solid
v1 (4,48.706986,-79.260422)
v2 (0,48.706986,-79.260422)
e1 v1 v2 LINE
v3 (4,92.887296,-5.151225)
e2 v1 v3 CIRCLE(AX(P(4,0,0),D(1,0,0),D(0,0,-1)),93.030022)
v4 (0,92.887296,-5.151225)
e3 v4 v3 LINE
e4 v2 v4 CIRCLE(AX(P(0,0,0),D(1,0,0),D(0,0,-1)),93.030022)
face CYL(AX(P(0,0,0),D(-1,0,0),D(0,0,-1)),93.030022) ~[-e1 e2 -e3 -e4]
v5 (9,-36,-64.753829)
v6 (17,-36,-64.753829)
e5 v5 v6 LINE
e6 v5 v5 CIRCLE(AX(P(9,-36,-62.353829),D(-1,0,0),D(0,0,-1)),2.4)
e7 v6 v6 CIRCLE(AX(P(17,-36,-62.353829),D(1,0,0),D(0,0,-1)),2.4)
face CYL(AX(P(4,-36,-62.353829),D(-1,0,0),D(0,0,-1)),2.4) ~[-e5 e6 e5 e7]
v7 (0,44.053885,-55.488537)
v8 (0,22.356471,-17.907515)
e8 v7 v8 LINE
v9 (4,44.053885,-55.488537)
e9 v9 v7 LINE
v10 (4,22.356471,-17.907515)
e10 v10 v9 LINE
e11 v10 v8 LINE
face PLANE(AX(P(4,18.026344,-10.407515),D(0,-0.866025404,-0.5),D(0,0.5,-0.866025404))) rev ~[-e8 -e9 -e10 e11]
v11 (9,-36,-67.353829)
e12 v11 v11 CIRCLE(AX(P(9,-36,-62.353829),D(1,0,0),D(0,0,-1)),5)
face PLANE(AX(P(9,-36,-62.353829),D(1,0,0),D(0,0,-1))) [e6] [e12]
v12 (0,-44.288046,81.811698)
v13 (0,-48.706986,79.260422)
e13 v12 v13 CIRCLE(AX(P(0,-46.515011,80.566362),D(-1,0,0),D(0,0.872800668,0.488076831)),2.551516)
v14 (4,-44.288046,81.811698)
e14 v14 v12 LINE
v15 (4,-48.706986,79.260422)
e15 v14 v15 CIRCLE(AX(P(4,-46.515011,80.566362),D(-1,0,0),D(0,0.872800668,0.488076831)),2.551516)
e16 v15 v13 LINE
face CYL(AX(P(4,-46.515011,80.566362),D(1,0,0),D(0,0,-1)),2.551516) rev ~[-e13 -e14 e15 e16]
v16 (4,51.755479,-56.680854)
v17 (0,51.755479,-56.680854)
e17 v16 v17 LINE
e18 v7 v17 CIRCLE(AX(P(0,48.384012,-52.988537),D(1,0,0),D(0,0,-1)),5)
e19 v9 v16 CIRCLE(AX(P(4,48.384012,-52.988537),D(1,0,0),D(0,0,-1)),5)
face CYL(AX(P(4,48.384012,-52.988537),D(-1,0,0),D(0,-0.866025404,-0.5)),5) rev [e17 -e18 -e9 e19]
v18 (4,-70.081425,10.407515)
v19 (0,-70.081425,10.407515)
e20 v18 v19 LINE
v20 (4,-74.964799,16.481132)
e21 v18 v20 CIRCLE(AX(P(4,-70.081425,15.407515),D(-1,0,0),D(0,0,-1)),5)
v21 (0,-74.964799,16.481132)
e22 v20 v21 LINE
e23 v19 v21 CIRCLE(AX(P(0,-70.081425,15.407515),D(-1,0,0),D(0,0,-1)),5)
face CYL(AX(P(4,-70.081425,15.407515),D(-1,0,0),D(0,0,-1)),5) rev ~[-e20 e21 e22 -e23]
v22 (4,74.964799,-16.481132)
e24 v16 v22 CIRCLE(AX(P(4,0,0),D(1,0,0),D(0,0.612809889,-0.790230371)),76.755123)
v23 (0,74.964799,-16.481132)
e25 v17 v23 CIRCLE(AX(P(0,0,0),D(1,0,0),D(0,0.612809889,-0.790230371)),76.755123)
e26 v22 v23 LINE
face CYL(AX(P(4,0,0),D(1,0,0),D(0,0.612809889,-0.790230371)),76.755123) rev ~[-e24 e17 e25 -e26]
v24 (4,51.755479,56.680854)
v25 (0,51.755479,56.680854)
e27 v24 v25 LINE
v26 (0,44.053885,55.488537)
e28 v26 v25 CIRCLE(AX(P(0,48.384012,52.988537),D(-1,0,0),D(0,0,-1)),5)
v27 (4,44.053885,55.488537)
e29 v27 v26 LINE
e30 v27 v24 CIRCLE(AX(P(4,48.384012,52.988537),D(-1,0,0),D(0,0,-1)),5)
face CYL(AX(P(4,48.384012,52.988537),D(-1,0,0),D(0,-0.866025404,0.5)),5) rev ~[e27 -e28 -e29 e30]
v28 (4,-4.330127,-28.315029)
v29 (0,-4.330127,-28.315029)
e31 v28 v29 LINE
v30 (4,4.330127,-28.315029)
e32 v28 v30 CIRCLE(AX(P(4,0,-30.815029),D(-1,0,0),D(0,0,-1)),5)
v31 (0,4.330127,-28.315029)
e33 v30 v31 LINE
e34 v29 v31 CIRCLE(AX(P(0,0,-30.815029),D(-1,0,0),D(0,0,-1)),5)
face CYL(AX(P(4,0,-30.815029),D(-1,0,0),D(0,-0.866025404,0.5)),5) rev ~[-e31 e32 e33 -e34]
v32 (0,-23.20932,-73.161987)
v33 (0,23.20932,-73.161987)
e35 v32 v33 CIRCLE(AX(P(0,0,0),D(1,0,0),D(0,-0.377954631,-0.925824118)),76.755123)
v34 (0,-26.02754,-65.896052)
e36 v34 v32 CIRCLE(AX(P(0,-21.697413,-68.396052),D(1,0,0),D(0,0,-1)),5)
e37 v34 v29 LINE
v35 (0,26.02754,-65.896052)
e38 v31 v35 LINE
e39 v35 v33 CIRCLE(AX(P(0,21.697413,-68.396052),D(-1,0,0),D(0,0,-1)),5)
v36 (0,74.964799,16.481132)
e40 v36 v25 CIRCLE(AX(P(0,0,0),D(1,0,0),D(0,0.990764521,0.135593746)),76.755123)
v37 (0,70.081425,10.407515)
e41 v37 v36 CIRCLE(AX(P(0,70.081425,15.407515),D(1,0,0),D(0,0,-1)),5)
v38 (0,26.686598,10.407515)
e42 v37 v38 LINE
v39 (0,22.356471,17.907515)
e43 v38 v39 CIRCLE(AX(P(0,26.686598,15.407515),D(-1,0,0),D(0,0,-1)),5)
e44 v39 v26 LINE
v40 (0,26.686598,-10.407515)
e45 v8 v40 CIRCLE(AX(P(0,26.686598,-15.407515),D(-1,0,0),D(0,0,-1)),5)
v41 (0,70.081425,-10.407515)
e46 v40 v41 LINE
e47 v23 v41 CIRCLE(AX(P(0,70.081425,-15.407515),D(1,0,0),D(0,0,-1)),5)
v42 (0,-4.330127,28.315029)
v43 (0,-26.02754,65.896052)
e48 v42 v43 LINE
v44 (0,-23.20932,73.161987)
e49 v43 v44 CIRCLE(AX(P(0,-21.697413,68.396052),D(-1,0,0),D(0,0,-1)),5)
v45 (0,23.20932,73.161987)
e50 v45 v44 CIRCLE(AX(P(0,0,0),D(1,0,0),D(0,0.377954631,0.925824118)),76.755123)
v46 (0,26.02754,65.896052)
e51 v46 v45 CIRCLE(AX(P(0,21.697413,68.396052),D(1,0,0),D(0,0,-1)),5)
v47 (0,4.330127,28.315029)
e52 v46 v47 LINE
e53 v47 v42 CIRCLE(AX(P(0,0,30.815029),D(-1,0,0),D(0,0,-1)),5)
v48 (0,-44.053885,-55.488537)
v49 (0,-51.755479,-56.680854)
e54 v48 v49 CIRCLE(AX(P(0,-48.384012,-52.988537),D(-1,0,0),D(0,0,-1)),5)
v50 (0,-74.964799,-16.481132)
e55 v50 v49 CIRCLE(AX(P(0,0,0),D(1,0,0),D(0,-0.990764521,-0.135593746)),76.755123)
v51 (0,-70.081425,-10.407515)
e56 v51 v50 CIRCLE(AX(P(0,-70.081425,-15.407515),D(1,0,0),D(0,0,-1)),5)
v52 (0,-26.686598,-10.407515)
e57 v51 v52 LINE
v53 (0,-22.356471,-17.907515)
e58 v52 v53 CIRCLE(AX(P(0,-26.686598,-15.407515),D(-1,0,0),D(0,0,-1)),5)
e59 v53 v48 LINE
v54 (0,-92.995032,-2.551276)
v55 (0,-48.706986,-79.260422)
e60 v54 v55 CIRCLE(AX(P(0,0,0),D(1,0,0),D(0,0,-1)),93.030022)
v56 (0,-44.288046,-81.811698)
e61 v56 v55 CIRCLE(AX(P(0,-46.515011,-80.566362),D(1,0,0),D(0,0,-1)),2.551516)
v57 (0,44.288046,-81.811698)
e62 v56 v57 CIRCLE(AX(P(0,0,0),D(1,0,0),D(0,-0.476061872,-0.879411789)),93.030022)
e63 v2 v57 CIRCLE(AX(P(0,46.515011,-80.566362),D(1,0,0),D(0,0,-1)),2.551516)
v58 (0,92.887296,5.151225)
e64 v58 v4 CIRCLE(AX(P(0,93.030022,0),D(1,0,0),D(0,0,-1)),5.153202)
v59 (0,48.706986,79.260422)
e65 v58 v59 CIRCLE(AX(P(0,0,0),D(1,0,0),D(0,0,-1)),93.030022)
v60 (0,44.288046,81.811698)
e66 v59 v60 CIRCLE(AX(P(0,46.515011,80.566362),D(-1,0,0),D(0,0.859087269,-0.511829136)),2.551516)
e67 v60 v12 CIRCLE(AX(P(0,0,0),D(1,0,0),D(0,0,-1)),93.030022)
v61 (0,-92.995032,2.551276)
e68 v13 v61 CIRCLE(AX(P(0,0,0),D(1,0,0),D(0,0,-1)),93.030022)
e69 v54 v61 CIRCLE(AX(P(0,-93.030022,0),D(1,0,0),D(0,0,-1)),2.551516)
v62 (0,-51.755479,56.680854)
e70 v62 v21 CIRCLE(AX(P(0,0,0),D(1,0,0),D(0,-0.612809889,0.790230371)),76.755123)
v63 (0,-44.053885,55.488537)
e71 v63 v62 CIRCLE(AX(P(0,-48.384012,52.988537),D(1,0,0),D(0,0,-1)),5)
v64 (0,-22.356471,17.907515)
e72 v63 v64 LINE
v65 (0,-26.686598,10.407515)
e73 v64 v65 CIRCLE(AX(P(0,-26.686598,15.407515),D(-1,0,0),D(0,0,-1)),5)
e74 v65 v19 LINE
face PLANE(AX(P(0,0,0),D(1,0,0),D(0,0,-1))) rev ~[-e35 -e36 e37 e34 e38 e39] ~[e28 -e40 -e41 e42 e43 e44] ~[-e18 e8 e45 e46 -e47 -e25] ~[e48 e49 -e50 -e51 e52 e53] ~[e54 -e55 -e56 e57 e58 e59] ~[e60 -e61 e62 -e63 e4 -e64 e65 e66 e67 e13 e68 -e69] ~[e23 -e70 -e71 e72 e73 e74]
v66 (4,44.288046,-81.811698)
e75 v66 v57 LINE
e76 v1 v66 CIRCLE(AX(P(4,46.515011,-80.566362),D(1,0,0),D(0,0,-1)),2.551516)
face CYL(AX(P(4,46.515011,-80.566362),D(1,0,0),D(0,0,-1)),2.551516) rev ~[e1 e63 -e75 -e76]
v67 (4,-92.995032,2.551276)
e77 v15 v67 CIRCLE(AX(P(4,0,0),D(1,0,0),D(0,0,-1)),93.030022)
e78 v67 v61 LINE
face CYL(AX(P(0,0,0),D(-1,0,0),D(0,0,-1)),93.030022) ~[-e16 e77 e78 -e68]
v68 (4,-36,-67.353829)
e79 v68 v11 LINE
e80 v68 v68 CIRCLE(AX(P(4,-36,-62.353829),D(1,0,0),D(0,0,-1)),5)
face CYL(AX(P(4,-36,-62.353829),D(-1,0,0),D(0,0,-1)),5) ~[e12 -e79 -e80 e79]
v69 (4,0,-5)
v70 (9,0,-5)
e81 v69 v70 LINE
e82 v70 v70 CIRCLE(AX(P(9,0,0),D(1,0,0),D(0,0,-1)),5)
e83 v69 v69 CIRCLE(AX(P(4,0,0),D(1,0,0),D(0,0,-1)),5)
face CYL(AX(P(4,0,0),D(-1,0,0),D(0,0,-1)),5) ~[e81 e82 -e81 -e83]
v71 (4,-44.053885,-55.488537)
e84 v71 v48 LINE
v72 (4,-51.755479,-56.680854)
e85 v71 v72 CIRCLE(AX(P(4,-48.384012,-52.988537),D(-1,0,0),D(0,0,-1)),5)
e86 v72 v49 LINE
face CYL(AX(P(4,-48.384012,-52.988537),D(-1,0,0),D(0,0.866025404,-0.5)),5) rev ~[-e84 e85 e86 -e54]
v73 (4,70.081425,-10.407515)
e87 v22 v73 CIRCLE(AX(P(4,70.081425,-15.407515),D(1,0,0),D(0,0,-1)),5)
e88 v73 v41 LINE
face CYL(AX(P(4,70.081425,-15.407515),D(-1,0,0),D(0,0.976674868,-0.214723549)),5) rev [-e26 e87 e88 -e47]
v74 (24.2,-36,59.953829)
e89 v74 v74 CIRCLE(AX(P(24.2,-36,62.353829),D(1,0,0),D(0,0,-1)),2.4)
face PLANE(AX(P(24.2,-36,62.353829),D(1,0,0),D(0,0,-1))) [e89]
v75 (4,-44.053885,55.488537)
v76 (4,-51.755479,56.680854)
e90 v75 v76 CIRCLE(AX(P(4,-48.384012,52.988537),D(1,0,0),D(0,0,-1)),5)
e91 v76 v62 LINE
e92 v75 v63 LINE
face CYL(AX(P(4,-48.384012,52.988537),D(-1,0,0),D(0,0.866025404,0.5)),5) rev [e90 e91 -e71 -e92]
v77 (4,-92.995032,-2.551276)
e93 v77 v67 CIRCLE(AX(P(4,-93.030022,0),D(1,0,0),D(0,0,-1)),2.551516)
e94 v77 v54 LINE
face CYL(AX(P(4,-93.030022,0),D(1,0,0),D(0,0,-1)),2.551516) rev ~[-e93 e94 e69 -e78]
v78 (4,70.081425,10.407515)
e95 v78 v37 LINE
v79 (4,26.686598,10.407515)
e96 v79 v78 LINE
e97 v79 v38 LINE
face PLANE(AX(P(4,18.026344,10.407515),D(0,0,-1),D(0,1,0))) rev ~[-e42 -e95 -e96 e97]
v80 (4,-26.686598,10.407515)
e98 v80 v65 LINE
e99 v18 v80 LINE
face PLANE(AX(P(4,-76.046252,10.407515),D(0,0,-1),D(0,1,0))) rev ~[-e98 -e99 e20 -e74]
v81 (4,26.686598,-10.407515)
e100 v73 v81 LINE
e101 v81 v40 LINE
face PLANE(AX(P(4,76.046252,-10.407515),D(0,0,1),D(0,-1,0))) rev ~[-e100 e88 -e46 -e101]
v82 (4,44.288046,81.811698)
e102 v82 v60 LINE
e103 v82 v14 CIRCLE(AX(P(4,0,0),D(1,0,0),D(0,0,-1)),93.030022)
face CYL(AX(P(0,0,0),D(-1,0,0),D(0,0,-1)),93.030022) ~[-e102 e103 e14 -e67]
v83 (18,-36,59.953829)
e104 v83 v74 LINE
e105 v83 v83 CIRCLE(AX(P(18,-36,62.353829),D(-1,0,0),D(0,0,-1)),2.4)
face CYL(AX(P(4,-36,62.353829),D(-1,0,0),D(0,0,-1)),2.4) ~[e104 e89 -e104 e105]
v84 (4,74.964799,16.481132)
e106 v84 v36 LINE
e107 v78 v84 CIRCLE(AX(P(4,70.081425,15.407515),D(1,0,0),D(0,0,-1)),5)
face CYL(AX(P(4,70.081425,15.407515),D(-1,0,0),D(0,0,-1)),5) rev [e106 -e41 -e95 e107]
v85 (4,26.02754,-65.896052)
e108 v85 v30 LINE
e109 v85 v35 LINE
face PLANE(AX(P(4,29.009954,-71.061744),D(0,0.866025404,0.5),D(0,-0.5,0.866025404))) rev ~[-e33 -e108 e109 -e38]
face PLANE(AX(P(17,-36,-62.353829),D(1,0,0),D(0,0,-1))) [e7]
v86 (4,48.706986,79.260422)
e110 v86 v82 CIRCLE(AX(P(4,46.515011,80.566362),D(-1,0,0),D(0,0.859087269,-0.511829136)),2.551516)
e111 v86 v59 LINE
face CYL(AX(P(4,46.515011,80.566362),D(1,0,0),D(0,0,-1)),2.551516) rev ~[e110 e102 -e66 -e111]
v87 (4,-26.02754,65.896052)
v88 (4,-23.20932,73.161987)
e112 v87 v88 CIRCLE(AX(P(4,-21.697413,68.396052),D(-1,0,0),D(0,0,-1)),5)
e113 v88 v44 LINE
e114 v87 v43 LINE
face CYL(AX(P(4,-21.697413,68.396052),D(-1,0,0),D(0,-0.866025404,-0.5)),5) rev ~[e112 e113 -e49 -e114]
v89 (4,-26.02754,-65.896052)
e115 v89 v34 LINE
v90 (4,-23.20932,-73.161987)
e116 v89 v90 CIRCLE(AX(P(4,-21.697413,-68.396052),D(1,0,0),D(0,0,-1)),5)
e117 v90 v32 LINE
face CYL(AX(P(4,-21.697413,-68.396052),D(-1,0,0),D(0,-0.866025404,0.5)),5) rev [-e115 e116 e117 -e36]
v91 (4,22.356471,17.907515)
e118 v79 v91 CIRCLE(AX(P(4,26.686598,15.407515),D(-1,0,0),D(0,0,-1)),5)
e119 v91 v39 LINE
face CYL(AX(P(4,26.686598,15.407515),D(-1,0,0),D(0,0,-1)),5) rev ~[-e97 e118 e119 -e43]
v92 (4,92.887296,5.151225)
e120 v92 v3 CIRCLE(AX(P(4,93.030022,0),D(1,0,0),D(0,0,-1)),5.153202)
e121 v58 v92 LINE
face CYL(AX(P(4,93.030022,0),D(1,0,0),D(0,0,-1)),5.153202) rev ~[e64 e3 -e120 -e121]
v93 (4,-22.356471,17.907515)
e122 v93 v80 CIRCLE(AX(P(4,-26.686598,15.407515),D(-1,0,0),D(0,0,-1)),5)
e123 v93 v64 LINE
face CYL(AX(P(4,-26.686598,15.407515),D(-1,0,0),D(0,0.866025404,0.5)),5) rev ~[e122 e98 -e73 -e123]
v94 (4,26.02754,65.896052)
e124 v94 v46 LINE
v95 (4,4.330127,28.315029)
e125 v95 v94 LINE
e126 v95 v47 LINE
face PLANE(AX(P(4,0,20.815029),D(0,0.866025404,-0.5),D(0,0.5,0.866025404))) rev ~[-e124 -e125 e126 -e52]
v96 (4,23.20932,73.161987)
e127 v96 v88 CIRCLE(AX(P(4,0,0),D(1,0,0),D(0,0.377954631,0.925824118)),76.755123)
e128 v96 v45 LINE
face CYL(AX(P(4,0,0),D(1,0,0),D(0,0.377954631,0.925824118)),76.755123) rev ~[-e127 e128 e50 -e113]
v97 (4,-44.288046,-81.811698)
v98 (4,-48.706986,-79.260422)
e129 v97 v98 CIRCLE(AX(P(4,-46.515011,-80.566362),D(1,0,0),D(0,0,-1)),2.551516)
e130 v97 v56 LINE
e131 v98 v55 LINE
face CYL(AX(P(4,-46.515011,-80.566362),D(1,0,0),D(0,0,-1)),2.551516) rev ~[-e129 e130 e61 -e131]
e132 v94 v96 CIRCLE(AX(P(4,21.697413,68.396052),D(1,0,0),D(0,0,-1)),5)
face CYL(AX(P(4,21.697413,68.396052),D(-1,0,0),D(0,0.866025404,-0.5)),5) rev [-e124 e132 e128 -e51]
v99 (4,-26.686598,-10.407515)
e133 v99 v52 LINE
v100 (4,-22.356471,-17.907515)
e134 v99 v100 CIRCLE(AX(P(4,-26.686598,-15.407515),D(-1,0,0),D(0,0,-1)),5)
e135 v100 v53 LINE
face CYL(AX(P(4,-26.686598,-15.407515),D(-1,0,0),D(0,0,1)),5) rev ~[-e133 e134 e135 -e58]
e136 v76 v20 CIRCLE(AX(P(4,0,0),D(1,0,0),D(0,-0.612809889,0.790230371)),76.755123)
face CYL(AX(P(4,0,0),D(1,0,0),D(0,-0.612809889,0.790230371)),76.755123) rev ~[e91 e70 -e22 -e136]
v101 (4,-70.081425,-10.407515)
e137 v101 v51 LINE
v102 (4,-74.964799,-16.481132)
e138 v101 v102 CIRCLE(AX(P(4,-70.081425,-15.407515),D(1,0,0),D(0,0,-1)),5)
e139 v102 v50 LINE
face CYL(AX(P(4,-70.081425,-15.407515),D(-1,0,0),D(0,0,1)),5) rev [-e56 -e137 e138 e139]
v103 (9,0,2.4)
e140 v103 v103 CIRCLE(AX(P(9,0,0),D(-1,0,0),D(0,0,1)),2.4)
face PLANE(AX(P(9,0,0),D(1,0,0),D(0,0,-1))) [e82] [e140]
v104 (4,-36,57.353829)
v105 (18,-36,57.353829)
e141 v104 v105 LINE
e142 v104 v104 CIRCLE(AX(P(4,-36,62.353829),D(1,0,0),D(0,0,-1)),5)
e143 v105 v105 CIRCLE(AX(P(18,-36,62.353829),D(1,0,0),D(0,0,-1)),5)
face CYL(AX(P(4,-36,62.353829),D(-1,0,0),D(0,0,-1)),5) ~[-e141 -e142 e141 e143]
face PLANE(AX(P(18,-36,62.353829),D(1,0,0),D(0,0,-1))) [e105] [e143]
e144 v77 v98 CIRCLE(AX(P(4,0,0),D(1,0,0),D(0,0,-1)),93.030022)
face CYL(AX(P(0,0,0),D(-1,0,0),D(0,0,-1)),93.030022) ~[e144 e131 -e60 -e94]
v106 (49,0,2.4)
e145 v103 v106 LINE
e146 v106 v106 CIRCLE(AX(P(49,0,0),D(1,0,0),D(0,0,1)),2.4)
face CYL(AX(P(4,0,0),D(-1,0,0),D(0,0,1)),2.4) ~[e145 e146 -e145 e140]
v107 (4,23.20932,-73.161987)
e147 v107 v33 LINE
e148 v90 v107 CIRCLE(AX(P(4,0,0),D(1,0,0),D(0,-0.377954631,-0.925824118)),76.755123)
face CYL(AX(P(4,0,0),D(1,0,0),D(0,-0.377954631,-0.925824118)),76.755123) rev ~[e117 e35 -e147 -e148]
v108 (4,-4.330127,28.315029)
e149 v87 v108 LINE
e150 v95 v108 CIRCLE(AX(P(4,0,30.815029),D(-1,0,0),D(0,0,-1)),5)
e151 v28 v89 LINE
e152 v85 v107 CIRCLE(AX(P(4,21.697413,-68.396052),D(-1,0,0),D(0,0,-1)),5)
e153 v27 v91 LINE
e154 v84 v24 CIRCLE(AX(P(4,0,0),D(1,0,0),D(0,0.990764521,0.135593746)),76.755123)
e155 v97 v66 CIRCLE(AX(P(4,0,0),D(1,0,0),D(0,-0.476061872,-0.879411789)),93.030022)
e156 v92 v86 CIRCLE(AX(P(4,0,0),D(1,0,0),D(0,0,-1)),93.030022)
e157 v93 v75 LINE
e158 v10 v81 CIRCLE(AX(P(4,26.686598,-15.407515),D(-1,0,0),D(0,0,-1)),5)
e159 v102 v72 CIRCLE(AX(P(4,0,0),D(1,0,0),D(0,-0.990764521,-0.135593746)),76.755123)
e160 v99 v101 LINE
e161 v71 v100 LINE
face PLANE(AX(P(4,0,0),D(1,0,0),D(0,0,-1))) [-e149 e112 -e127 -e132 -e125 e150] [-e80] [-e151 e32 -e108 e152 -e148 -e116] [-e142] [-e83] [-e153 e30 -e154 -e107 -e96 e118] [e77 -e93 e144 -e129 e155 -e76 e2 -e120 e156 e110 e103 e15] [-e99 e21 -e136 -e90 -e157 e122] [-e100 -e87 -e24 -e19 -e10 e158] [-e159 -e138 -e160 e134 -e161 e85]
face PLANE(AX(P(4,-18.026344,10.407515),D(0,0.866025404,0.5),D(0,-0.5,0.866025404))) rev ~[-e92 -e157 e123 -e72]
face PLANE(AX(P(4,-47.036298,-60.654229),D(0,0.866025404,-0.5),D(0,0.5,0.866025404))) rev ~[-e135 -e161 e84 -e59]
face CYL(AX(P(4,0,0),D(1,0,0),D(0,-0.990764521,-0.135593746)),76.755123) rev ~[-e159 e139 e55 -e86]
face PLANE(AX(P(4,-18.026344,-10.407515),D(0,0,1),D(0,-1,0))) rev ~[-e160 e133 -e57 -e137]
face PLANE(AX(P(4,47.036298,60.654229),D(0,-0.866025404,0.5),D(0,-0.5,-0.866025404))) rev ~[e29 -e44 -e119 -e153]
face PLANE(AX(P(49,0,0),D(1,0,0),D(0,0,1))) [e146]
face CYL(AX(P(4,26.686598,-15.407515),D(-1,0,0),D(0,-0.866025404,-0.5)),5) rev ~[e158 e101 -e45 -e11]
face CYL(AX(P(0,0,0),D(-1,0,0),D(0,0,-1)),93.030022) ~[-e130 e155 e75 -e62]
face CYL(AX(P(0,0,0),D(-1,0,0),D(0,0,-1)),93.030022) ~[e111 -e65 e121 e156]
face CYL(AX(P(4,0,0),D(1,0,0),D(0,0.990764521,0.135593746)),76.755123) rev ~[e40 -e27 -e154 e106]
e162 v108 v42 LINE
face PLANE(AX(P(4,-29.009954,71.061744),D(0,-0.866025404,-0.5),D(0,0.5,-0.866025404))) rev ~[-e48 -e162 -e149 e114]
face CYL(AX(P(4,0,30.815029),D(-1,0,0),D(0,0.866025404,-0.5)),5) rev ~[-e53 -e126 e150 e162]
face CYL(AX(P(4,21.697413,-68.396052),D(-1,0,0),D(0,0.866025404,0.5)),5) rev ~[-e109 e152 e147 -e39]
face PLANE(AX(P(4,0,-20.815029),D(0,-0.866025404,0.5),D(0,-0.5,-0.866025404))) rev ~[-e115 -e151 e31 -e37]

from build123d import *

# Parameters (mm, degrees)
SKETCH_1_R               = 93.03002178900209
EXTRUDE_1_DEPTH          = 4
SKETCH_2_R               = 2.4
EXTRUDE_2_DEPTH          = 45
SKETCH_3_R               = 5
EXTRUDE_3_DEPTH          = 5
SKETCH_4_R               = 2.3999999999999937
EXTRUDE_4_DEPTH          = 12.999999999999998
SKETCH_5_R               = 4.9999999999999964
EXTRUDE_5_DEPTH          = 4.999999999999997
SKETCH_6_R               = 2.3999999999999932
EXTRUDE_6_DEPTH          = 20.200000000000017
SKETCH_7_R               = 4.9999999999999964
EXTRUDE_7_DEPTH          = 14
CUT_EXTRUDE_1_REACH      = 141.047
SKETCH_8_R               = 5.153202095824808
SKETCH_9_R               = 2.5515156643505628
SKETCH_9_R_2             = 2.551515664350585
SKETCH_9_R_3             = 2.551515664350554
SKETCH_9_R_4             = 2.5515156643508896
CUT_EXTRUDE_3_DEPTH      = 5.9999999999999964
CUT_EXTRUDE_4_REACH      = 141.024
PATTERN_CIRCULAR_1_COUNT = 6
FILLET_1_R               = 5


with BuildPart() as part:
    # 草图1 → 凸台-拉伸1 (new body)
    with BuildSketch(Plane(origin=(0, 0, 0), x_dir=(0, 0, -1), z_dir=(1, 0, 0))):
        Circle(SKETCH_1_R)
    extrude(amount=EXTRUDE_1_DEPTH)

    # 草图2 → 凸台-拉伸2 (add)
    with BuildSketch(Plane(origin=(4, 0, 0), x_dir=(0, 0, -1), z_dir=(1, 0, 0))):
        with Locations(Location((0, 0, 0), (0, 0, 180))):
            Circle(SKETCH_2_R)
    extrude(amount=EXTRUDE_2_DEPTH)

    # 草图3 → 凸台-拉伸3 (add)
    with BuildSketch(Plane(origin=(4, 0, 0), x_dir=(0, 0, -1), z_dir=(1, 0, 0))):
        Circle(SKETCH_3_R)
    extrude(amount=EXTRUDE_3_DEPTH)

    # 草图4 → 凸台-拉伸4 (add)
    with BuildSketch(Plane(origin=(4, 0, 0), x_dir=(0, 0, -1), z_dir=(1, 0, 0))):
        with Locations((62.35382907247964, -35.9999999999998)):
            Circle(SKETCH_4_R)
    extrude(amount=EXTRUDE_4_DEPTH)

    # 草图5 → 凸台-拉伸5 (add)
    with BuildSketch(Plane(origin=(4, 0, 0), x_dir=(0, 0, -1), z_dir=(1, 0, 0))):
        with Locations((62.35382907247964, -35.9999999999998)):
            Circle(SKETCH_5_R)
    extrude(amount=EXTRUDE_5_DEPTH)

    # 草图6 → 凸台-拉伸6 (add)
    with BuildSketch(Plane(origin=(4, 0, 0), x_dir=(0, 0, -1), z_dir=(1, 0, 0))):
        with Locations((-62.35382907247939, -36.00000000000031)):
            Circle(SKETCH_6_R)
    extrude(amount=EXTRUDE_6_DEPTH)

    # 草图7 → 凸台-拉伸7 (add)
    with BuildSketch(Plane(origin=(4, 0, 0), x_dir=(0, 0, -1), z_dir=(1, 0, 0))):
        with Locations((-62.35382907247939, -36.00000000000031)):
            Circle(SKETCH_7_R)
    extrude(amount=EXTRUDE_7_DEPTH)

    # 草图8 → 切除-拉伸1 (cut, up to next)
    with BuildSketch(Plane(origin=(4, 0, 0), x_dir=(0, 0, -1), z_dir=(1, 0, 0)), mode=Mode.PRIVATE) as cut_extrude_1_sk1:
        with Locations((0, 93.03002178900209)):
            Circle(SKETCH_8_R)
    cut_extrude_1_tool1 = extrude(cut_extrude_1_sk1.sketch, amount=-CUT_EXTRUDE_1_REACH, mode=Mode.PRIVATE) & part.part
    add(cut_extrude_1_tool1.solids().sort_by_distance((4, 93.030022, 0))[0], mode=Mode.SUBTRACT)

    # 草图9 → 切除-拉伸3 (cut)
    with BuildSketch(Plane(origin=(4, 0, 0), x_dir=(0, 0, -1), z_dir=(1, 0, 0))):
        with Locations((3.47e-15, 93.03002178900209)):
            Circle(SKETCH_9_R)
        with Locations((80.56636218389566, 46.515010894501074)):
            Circle(SKETCH_9_R_2)
        with Locations((80.56636218389568, -46.51501089450103)):
            Circle(SKETCH_9_R_3)
        with Locations((8.67e-15, -93.03002178900209)):
            Circle(SKETCH_9_R)
        with Locations((-80.56636218389565, -46.51501089450109)):
            Circle(SKETCH_9_R_3)
        with Locations((-80.56636218389569, 46.51501089450098)):
            Circle(SKETCH_9_R_4)
    extrude(amount=-CUT_EXTRUDE_3_DEPTH, mode=Mode.SUBTRACT)

    # 草图10 → 切除-拉伸4 (cut, up to next)
    with BuildSketch(Plane(origin=(4, 0, 0), x_dir=(0, 0, -1), z_dir=(1, 0, 0)), mode=Mode.PRIVATE) as cut_extrude_4_sk1:
        with BuildLine():
            Line((-10.407514658464736, 18.02634416897966), (-10.407514658464395, 76.04625246317465))
            ThreePointArc((-10.407514658464395, 76.04625246317465), (-38.37756139679427, 66.47188620984315), (-60.65422916648111, 47.03629831607756))
            Line((-60.65422916648111, 47.03629831607756), (-10.407514658464736, 18.02634416897966))
        make_face()
    cut_extrude_4_tool1 = extrude(cut_extrude_4_sk1.sketch, amount=-CUT_EXTRUDE_4_REACH, mode=Mode.PRIVATE) & part.part
    cut_extrude_4 = cut_extrude_4_tool1.solids().sort_by_distance((4, 49.214145, 28.4138))[0]
    add(cut_extrude_4, mode=Mode.SUBTRACT)

    # 阵列(圆周)1: 切除-拉伸4 ×6 about axis
    pattern_circular_1_axis = Axis((0, -1e-16, -8.9e-16), (1, 0, 0))
    for i in range(1, PATTERN_CIRCULAR_1_COUNT):
        add(cut_extrude_4.rotate(pattern_circular_1_axis, i * 360 / PATTERN_CIRCULAR_1_COUNT), mode=Mode.SUBTRACT)

    # 圆角1
    fillet_1_edges = [part.edges().sort_by_distance(p)[0] for p in [
        (2, 18.02634416897966, 10.407514658464736),
        (2, 47.03629831607757, 60.65422916648111),
        (2, 76.04625246317465, 10.407514658464397),
        (2, -18.026344168979215, 10.407514658465503),
        (2, -76.04625246317445, 10.407514658465852),
        (2, -47.036298316076405, 60.654229166482004),
        (2, 4.4326e-13, 20.815029316930236),
        (2, -29.009954147096884, 71.06174382494694),
        (2, 29.00995414709824, 71.06174382494639),
        (2, -4.5413e-13, -20.815029316930236),
        (2, 29.009954147096852, -71.06174382494696),
        (2, -29.00995414709827, -71.06174382494638),
        (2, -18.02634416897966, -10.407514658464736),
        (2, -47.03629831607758, -60.6542291664811),
        (2, -76.04625246317465, -10.40751465846439),
        (2, 18.026344168979218, -10.4075146584655),
        (2, 76.04625246317445, -10.407514658465825),
        (2, 47.036298316076426, -60.65422916648199),
    ]]
    fillet(fillet_1_edges, radius=FILLET_1_R)


solid = part.part
